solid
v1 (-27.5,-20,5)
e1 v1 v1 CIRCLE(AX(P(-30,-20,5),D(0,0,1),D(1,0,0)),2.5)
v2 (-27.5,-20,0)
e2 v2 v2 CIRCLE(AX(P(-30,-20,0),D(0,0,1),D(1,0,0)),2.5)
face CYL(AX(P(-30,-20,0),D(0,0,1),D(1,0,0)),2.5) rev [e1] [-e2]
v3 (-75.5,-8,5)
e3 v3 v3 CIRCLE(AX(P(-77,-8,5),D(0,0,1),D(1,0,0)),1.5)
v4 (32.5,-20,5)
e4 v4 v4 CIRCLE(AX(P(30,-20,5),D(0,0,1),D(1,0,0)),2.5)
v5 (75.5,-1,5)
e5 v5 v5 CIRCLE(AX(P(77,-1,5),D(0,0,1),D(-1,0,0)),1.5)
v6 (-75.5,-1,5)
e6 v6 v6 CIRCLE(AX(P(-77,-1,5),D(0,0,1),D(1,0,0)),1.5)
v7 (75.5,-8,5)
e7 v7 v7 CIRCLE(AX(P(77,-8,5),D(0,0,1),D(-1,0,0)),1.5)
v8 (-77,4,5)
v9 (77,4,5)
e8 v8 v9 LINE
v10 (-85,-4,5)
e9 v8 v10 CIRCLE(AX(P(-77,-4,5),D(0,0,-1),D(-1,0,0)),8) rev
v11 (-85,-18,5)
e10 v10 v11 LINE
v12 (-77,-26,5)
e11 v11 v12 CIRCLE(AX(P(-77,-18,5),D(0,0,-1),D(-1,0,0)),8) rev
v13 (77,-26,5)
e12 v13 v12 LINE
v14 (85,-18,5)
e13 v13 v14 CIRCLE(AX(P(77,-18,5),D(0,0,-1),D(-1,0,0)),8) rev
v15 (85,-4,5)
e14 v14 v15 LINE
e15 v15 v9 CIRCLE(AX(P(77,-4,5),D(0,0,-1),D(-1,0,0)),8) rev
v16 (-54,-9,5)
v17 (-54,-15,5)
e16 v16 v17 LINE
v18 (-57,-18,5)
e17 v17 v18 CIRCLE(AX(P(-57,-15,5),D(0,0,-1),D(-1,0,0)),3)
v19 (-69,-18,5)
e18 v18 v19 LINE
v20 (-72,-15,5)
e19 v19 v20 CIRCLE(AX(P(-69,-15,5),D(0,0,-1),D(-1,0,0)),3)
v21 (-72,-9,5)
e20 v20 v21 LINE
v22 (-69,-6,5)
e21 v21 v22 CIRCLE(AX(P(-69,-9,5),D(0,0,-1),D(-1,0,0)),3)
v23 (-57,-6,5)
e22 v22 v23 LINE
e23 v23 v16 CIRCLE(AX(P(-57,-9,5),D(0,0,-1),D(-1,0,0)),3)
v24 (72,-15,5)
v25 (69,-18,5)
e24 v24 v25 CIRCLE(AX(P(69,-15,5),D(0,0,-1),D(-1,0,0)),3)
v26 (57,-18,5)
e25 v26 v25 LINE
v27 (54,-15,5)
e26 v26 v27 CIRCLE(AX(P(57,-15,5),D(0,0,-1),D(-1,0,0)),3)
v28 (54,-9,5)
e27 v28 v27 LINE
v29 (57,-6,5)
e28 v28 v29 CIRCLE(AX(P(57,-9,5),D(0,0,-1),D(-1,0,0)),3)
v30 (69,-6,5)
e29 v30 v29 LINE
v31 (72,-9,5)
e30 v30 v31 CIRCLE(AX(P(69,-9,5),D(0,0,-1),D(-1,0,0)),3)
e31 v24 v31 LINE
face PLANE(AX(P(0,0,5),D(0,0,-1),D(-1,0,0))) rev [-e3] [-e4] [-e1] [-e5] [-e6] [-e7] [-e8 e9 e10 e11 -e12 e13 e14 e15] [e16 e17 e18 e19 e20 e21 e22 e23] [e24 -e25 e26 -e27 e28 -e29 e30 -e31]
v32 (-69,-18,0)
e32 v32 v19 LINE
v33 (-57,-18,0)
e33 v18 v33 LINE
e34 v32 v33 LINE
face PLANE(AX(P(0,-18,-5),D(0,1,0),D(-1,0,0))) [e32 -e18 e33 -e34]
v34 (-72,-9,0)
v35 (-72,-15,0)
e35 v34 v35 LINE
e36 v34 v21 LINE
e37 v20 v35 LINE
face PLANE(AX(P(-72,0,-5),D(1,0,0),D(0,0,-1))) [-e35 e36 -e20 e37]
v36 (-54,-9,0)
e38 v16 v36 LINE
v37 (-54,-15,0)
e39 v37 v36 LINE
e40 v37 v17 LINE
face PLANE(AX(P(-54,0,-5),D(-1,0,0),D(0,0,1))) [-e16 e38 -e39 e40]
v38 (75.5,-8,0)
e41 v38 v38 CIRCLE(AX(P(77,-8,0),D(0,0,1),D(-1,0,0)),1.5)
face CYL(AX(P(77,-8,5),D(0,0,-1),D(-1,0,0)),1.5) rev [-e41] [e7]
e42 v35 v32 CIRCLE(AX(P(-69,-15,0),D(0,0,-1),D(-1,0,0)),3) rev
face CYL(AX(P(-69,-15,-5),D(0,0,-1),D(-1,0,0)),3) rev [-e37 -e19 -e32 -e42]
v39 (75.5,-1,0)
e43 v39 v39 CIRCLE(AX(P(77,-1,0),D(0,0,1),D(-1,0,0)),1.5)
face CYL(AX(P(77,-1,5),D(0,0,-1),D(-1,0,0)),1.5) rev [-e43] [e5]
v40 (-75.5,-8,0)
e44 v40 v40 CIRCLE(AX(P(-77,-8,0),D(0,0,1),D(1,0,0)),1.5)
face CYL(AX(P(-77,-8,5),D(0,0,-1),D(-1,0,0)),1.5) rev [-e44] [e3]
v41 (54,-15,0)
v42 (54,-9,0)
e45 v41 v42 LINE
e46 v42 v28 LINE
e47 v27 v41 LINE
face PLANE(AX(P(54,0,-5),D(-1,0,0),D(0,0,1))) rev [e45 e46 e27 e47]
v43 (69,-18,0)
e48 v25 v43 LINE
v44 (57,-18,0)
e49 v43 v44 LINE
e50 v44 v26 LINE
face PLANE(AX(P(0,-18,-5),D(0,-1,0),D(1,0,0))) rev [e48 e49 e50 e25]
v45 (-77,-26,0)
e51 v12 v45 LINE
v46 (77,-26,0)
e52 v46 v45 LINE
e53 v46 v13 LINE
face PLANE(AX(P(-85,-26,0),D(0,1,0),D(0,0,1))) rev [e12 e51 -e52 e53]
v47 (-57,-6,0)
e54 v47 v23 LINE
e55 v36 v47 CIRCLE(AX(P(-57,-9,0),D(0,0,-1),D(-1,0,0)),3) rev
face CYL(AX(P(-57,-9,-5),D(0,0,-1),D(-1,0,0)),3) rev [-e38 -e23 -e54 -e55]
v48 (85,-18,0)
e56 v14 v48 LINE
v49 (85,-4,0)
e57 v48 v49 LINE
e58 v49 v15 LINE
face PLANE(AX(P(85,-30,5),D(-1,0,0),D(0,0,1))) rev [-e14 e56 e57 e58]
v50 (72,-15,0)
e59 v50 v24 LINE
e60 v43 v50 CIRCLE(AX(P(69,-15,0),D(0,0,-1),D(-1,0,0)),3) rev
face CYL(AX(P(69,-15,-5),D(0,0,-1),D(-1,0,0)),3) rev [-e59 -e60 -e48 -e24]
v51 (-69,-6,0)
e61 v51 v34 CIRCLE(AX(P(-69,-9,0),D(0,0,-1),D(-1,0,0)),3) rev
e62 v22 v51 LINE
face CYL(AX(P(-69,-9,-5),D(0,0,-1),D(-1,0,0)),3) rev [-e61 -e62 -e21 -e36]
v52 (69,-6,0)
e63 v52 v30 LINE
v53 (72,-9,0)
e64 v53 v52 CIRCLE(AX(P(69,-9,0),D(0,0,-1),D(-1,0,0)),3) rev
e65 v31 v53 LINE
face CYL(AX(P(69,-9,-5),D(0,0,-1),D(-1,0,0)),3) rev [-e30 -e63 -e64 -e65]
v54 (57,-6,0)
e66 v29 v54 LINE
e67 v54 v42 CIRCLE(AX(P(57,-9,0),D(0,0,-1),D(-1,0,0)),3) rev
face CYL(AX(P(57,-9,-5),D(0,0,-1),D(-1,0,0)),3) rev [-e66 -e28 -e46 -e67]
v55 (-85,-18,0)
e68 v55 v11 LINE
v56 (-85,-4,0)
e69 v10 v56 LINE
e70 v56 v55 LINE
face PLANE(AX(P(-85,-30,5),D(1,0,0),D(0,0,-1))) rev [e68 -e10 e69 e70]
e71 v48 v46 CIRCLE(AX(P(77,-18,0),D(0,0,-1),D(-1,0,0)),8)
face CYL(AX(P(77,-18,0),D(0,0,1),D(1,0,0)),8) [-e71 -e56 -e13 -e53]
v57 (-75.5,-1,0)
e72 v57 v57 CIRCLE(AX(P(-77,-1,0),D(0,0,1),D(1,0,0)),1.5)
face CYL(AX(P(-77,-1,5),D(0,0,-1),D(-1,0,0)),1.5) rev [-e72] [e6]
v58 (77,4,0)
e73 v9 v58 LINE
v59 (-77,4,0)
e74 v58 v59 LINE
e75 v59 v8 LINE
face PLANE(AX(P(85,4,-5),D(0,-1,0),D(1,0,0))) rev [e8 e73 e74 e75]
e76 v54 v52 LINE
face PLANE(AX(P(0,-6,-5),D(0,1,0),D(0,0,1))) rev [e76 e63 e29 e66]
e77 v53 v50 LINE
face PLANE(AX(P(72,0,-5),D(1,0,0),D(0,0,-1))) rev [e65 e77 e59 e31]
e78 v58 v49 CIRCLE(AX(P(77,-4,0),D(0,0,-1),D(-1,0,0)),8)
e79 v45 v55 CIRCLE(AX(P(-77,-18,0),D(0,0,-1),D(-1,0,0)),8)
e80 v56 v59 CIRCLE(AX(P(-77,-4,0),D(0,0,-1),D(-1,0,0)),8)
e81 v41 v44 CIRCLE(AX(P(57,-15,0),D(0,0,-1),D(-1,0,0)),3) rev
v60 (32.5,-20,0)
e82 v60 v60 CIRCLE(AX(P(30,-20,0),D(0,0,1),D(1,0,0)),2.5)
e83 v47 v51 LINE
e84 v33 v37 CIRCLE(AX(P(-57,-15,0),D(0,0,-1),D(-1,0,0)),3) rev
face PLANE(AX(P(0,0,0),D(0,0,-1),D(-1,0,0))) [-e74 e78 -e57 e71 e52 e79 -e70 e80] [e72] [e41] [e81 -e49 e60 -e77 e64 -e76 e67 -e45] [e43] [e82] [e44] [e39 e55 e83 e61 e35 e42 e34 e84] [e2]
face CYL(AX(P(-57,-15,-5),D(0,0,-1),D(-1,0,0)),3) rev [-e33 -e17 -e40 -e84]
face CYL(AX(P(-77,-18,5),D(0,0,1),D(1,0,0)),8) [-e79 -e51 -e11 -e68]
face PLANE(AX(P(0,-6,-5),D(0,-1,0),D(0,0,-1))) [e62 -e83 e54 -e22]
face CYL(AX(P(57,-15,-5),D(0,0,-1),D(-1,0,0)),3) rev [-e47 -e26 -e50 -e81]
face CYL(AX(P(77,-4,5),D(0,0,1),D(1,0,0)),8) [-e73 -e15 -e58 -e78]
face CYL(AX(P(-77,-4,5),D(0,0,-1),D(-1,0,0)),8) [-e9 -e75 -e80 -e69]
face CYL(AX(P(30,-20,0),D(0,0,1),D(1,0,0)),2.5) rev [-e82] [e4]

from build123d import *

# Parameters (mm, degrees)
SKETCH_1_W          = 170
SKETCH_1_H          = 60
SKETCH_1_R          = 1.5
EXTRUDE_1_DEPTH     = 5
SKETCH_2_R          = 2.5
CUT_EXTRUDE_1_DEPTH = 5
SKETCH_3_W          = 170
SKETCH_3_H          = 26
CUT_EXTRUDE_2_DEPTH = 10
SKETCH_4_W          = 18
SKETCH_4_H          = 12
CUT_EXTRUDE_3_DEPTH = 10
FILLET_1_R          = 3
SKETCH_5_W          = 170
SKETCH_5_H          = 4
CUT_EXTRUDE_4_DEPTH = 91.277350426
FILLET_2_R          = 8


with BuildPart() as part:
    # 草图1 → 凸台-拉伸1 (new body)
    with BuildSketch(Plane.XY):
        Rectangle(SKETCH_1_W, SKETCH_1_H)
        with Locations((-77, -8)):
            Circle(SKETCH_1_R, mode=Mode.SUBTRACT)
        with Locations((-77, -1)):
            Circle(SKETCH_1_R, mode=Mode.SUBTRACT)
        with Locations(Location((77, -1, 0), (0, 0, 180))):
            Circle(SKETCH_1_R, mode=Mode.SUBTRACT)
        with Locations(Location((77, -8, 0), (0, 0, 180))):
            Circle(SKETCH_1_R, mode=Mode.SUBTRACT)
    extrude(amount=EXTRUDE_1_DEPTH)

    # 草图2 → 切除-拉伸1 (cut)
    with BuildSketch(Plane.XY.offset(5)):
        with Locations((-30, -20)):
            Circle(SKETCH_2_R)
        with Locations((30, -20)):
            Circle(SKETCH_2_R)
    extrude(amount=-CUT_EXTRUDE_1_DEPTH, mode=Mode.SUBTRACT)

    # 草图3 → 切除-拉伸2 (cut)
    with BuildSketch(Plane.XY.offset(5)):
        with Locations((0, 17)):
            Rectangle(SKETCH_3_W, SKETCH_3_H)
    extrude(amount=-CUT_EXTRUDE_2_DEPTH, mode=Mode.SUBTRACT)

    # 草图4 → 切除-拉伸3 (cut)
    with BuildSketch(Plane.XY.offset(5)):
        with Locations((-63, -12)):
            Rectangle(SKETCH_4_W, SKETCH_4_H)
        with Locations((63, -12)):
            Rectangle(SKETCH_4_W, SKETCH_4_H)
    extrude(amount=-CUT_EXTRUDE_3_DEPTH, mode=Mode.SUBTRACT)

    # 圆角1
    fillet_1_edges = [part.edges().sort_by_distance(p)[0] for p in [
        (-72, -18, 2.5),
        (-72, -6, 2.5),
        (-54, -6, 2.5),
        (-54, -18, 2.5),
        (72, -6, 2.5),
        (72, -18, 2.5),
        (54, -18, 2.5),
        (54, -6, 2.5),
    ]]
    fillet(fillet_1_edges, radius=FILLET_1_R)

    # 草图5 → 切除-拉伸4 (cut, through all)
    with BuildSketch(Plane.XY.offset(5)):
        with Locations((0, -28)):
            Rectangle(SKETCH_5_W, SKETCH_5_H)
    extrude(amount=-CUT_EXTRUDE_4_DEPTH, mode=Mode.SUBTRACT)

    # 圆角2
    fillet_2_edges = [part.edges().sort_by_distance(p)[0] for p in [
        (-85, -26, 2.5),
        (85, -26, 2.5),
        (-85, 4, 2.5),
        (85, 4, 2.5),
    ]]
    fillet(fillet_2_edges, radius=FILLET_2_R)


solid = part.part
